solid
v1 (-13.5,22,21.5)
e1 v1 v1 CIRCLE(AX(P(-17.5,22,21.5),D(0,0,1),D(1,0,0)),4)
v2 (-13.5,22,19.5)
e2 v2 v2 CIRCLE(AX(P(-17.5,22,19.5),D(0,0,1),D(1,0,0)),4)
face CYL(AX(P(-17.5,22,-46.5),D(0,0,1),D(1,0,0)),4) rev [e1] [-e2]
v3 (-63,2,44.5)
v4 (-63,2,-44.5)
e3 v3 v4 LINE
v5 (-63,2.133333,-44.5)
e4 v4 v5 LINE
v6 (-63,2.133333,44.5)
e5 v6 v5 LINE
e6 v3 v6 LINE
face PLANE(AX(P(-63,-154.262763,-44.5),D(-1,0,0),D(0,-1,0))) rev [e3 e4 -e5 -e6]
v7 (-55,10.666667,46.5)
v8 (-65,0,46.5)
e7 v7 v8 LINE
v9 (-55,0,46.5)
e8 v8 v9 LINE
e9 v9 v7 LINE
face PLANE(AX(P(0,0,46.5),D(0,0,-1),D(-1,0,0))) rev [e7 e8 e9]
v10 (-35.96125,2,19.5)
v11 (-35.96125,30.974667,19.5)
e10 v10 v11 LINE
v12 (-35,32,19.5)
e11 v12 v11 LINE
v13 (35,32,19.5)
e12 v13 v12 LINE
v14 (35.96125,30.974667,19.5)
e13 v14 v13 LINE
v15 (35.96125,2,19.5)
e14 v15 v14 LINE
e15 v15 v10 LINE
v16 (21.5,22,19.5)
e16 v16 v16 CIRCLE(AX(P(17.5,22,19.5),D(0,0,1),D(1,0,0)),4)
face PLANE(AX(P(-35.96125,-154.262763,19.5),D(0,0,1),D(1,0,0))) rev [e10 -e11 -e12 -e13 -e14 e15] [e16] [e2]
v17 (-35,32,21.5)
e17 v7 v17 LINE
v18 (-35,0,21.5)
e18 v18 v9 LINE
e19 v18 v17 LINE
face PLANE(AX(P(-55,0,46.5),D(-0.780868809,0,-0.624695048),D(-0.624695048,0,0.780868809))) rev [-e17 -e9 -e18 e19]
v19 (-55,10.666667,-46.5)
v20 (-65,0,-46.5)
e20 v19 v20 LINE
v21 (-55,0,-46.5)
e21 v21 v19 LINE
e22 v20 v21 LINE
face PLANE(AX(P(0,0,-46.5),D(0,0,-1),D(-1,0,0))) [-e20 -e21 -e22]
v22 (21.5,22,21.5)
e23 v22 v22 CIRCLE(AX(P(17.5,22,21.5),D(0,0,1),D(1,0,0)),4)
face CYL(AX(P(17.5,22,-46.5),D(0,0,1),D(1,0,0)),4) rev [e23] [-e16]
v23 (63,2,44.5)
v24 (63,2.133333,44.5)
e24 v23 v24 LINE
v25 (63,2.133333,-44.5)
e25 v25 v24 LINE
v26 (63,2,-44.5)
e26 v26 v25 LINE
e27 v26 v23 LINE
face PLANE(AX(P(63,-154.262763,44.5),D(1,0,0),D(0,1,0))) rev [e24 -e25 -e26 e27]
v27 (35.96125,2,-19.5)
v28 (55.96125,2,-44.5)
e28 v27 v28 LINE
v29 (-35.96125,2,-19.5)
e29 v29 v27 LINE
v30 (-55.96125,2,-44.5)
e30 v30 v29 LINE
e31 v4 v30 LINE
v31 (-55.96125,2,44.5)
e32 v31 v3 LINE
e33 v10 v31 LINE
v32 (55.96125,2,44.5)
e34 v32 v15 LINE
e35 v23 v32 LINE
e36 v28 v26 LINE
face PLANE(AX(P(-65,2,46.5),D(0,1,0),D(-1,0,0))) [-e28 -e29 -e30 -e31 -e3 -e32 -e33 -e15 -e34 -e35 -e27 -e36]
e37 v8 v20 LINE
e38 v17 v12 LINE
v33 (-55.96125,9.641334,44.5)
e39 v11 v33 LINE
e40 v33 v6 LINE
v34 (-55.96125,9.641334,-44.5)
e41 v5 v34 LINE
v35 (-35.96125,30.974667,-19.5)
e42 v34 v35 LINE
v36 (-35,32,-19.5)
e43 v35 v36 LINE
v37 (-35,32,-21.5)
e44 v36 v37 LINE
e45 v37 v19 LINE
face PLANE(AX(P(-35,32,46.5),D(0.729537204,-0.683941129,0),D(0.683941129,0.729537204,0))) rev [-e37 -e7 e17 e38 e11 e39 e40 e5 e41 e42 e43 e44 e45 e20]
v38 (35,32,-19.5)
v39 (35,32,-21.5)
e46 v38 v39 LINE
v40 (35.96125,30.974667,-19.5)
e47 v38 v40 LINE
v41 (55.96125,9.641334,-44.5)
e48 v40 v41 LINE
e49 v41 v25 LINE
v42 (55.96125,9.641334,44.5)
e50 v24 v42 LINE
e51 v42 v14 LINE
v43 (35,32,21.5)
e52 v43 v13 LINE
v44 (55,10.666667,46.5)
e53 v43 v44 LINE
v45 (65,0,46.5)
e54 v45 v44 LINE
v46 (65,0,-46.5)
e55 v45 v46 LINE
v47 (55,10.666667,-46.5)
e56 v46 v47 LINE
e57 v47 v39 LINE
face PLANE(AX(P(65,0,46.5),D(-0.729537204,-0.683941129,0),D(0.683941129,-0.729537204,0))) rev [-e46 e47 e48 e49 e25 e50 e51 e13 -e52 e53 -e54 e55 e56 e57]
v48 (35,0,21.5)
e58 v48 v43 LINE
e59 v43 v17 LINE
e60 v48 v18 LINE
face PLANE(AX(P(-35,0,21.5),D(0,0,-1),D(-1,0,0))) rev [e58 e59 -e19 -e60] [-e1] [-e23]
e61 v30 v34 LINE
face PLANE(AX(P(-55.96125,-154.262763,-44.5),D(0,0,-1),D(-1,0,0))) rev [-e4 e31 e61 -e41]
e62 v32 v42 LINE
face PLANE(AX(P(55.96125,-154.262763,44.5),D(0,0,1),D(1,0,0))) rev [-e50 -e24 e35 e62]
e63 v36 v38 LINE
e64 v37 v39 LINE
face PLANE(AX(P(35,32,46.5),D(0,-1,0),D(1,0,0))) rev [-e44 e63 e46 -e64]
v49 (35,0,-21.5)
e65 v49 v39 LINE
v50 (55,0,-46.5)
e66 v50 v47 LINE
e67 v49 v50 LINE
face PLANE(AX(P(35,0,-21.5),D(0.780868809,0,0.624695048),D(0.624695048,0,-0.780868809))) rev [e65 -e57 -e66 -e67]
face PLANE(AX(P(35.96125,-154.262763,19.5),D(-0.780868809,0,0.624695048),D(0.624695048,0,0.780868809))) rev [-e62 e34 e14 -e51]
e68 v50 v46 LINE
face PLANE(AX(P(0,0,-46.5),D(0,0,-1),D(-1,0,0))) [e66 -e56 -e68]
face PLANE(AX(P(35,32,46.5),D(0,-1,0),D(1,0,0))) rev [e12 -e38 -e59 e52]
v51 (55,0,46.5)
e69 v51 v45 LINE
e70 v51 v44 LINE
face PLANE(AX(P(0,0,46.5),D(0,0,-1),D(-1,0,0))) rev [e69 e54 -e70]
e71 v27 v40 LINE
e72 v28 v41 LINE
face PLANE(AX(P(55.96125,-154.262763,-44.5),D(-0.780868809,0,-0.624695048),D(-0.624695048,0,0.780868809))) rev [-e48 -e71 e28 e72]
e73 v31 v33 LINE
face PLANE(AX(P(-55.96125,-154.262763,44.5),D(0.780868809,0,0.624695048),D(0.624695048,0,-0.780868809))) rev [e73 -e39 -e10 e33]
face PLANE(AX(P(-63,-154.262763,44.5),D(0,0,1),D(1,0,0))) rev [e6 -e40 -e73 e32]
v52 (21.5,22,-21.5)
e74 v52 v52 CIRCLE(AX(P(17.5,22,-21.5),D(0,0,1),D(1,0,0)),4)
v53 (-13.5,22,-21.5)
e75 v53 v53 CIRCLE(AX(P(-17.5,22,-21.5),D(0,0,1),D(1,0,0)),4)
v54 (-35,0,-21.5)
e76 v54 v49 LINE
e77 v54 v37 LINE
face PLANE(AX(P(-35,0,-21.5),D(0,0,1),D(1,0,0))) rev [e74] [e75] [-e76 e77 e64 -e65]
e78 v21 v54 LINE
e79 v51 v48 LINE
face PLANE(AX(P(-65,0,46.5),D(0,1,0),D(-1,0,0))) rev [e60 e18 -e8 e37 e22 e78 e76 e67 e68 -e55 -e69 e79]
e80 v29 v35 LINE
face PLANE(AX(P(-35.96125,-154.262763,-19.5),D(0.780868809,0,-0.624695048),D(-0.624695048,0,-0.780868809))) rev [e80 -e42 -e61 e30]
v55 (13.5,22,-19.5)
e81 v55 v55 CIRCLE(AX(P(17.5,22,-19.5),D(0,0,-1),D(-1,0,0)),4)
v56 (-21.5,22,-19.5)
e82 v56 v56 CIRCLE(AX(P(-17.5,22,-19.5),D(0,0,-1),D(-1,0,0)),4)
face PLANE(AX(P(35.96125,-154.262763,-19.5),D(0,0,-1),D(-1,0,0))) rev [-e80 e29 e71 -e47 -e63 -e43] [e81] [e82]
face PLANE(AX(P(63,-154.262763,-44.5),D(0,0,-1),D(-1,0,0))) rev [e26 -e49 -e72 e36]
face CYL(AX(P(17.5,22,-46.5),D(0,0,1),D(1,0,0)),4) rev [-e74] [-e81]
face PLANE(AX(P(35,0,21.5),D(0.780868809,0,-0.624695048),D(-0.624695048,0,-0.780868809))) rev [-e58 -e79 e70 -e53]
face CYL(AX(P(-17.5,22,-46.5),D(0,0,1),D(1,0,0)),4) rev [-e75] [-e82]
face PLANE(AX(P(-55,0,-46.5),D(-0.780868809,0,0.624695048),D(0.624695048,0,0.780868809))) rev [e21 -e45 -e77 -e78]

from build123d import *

# Parameters (mm, degrees)
EXTRUDE_1_DEPTH     = 46.5
CUT_EXTRUDE_1_DEPTH = 87.088617134
CUT_EXTRUDE_2_DEPTH = 30
SKETCH_4_R          = 4
CUT_EXTRUDE_3_DEPTH = 100.36297097


with BuildPart() as part:
    # ｽｹｯﾁ1 → ﾎﾞｽ - 押し出し1 (new, symmetric)
    with BuildSketch(Plane.XY):
        Polygon((-65, 0), (65, 0), (35, 32), (-35, 32), align=None)
    extrude(amount=EXTRUDE_1_DEPTH, both=True)

    # ｽｹｯﾁ2 → ｶｯﾄ - 押し出し1 (cut, through all)
    with BuildSketch(Plane(origin=(0, 32, 0), x_dir=(1, 0, 0), z_dir=(0, 1, 0))):
        Polygon((-55, -46.5), (-35, -21.5), (35, -21.5), (55, -46.5), align=None)
        Polygon((-55, 46.5), (-35, 21.5), (35, 21.5), (55, 46.5), align=None)
    extrude(amount=-CUT_EXTRUDE_1_DEPTH, mode=Mode.SUBTRACT)

    # ｽｹｯﾁ3 → ｶｯﾄ - 押し出し2 (cut)
    with BuildSketch(Plane(origin=(0, 32, 0), x_dir=(1, 0, 0), z_dir=(0, 1, 0))):
        Polygon((-35.961249695, -19.5), (35.961249695, -19.5), (55.961249695, -44.5), (63, -44.5), (63, 44.5), (55.961249695, 44.5), (35.961249695, 19.5), (-35.961249695, 19.5), (-55.961249695, 44.5), (-63, 44.5), (-63, -44.5), (-55.961249695, -44.5), align=None)
    extrude(amount=-CUT_EXTRUDE_2_DEPTH, mode=Mode.SUBTRACT)

    # ｽｹｯﾁ4 → ｶｯﾄ - 押し出し3 (cut, through all)
    with BuildSketch(Plane.XY.offset(21.5)):
        with Locations((-17.5, 22)):
            Circle(SKETCH_4_R)
        with Locations((17.5, 22)):
            Circle(SKETCH_4_R)
    extrude(amount=-CUT_EXTRUDE_3_DEPTH, mode=Mode.SUBTRACT)


solid = part.part
